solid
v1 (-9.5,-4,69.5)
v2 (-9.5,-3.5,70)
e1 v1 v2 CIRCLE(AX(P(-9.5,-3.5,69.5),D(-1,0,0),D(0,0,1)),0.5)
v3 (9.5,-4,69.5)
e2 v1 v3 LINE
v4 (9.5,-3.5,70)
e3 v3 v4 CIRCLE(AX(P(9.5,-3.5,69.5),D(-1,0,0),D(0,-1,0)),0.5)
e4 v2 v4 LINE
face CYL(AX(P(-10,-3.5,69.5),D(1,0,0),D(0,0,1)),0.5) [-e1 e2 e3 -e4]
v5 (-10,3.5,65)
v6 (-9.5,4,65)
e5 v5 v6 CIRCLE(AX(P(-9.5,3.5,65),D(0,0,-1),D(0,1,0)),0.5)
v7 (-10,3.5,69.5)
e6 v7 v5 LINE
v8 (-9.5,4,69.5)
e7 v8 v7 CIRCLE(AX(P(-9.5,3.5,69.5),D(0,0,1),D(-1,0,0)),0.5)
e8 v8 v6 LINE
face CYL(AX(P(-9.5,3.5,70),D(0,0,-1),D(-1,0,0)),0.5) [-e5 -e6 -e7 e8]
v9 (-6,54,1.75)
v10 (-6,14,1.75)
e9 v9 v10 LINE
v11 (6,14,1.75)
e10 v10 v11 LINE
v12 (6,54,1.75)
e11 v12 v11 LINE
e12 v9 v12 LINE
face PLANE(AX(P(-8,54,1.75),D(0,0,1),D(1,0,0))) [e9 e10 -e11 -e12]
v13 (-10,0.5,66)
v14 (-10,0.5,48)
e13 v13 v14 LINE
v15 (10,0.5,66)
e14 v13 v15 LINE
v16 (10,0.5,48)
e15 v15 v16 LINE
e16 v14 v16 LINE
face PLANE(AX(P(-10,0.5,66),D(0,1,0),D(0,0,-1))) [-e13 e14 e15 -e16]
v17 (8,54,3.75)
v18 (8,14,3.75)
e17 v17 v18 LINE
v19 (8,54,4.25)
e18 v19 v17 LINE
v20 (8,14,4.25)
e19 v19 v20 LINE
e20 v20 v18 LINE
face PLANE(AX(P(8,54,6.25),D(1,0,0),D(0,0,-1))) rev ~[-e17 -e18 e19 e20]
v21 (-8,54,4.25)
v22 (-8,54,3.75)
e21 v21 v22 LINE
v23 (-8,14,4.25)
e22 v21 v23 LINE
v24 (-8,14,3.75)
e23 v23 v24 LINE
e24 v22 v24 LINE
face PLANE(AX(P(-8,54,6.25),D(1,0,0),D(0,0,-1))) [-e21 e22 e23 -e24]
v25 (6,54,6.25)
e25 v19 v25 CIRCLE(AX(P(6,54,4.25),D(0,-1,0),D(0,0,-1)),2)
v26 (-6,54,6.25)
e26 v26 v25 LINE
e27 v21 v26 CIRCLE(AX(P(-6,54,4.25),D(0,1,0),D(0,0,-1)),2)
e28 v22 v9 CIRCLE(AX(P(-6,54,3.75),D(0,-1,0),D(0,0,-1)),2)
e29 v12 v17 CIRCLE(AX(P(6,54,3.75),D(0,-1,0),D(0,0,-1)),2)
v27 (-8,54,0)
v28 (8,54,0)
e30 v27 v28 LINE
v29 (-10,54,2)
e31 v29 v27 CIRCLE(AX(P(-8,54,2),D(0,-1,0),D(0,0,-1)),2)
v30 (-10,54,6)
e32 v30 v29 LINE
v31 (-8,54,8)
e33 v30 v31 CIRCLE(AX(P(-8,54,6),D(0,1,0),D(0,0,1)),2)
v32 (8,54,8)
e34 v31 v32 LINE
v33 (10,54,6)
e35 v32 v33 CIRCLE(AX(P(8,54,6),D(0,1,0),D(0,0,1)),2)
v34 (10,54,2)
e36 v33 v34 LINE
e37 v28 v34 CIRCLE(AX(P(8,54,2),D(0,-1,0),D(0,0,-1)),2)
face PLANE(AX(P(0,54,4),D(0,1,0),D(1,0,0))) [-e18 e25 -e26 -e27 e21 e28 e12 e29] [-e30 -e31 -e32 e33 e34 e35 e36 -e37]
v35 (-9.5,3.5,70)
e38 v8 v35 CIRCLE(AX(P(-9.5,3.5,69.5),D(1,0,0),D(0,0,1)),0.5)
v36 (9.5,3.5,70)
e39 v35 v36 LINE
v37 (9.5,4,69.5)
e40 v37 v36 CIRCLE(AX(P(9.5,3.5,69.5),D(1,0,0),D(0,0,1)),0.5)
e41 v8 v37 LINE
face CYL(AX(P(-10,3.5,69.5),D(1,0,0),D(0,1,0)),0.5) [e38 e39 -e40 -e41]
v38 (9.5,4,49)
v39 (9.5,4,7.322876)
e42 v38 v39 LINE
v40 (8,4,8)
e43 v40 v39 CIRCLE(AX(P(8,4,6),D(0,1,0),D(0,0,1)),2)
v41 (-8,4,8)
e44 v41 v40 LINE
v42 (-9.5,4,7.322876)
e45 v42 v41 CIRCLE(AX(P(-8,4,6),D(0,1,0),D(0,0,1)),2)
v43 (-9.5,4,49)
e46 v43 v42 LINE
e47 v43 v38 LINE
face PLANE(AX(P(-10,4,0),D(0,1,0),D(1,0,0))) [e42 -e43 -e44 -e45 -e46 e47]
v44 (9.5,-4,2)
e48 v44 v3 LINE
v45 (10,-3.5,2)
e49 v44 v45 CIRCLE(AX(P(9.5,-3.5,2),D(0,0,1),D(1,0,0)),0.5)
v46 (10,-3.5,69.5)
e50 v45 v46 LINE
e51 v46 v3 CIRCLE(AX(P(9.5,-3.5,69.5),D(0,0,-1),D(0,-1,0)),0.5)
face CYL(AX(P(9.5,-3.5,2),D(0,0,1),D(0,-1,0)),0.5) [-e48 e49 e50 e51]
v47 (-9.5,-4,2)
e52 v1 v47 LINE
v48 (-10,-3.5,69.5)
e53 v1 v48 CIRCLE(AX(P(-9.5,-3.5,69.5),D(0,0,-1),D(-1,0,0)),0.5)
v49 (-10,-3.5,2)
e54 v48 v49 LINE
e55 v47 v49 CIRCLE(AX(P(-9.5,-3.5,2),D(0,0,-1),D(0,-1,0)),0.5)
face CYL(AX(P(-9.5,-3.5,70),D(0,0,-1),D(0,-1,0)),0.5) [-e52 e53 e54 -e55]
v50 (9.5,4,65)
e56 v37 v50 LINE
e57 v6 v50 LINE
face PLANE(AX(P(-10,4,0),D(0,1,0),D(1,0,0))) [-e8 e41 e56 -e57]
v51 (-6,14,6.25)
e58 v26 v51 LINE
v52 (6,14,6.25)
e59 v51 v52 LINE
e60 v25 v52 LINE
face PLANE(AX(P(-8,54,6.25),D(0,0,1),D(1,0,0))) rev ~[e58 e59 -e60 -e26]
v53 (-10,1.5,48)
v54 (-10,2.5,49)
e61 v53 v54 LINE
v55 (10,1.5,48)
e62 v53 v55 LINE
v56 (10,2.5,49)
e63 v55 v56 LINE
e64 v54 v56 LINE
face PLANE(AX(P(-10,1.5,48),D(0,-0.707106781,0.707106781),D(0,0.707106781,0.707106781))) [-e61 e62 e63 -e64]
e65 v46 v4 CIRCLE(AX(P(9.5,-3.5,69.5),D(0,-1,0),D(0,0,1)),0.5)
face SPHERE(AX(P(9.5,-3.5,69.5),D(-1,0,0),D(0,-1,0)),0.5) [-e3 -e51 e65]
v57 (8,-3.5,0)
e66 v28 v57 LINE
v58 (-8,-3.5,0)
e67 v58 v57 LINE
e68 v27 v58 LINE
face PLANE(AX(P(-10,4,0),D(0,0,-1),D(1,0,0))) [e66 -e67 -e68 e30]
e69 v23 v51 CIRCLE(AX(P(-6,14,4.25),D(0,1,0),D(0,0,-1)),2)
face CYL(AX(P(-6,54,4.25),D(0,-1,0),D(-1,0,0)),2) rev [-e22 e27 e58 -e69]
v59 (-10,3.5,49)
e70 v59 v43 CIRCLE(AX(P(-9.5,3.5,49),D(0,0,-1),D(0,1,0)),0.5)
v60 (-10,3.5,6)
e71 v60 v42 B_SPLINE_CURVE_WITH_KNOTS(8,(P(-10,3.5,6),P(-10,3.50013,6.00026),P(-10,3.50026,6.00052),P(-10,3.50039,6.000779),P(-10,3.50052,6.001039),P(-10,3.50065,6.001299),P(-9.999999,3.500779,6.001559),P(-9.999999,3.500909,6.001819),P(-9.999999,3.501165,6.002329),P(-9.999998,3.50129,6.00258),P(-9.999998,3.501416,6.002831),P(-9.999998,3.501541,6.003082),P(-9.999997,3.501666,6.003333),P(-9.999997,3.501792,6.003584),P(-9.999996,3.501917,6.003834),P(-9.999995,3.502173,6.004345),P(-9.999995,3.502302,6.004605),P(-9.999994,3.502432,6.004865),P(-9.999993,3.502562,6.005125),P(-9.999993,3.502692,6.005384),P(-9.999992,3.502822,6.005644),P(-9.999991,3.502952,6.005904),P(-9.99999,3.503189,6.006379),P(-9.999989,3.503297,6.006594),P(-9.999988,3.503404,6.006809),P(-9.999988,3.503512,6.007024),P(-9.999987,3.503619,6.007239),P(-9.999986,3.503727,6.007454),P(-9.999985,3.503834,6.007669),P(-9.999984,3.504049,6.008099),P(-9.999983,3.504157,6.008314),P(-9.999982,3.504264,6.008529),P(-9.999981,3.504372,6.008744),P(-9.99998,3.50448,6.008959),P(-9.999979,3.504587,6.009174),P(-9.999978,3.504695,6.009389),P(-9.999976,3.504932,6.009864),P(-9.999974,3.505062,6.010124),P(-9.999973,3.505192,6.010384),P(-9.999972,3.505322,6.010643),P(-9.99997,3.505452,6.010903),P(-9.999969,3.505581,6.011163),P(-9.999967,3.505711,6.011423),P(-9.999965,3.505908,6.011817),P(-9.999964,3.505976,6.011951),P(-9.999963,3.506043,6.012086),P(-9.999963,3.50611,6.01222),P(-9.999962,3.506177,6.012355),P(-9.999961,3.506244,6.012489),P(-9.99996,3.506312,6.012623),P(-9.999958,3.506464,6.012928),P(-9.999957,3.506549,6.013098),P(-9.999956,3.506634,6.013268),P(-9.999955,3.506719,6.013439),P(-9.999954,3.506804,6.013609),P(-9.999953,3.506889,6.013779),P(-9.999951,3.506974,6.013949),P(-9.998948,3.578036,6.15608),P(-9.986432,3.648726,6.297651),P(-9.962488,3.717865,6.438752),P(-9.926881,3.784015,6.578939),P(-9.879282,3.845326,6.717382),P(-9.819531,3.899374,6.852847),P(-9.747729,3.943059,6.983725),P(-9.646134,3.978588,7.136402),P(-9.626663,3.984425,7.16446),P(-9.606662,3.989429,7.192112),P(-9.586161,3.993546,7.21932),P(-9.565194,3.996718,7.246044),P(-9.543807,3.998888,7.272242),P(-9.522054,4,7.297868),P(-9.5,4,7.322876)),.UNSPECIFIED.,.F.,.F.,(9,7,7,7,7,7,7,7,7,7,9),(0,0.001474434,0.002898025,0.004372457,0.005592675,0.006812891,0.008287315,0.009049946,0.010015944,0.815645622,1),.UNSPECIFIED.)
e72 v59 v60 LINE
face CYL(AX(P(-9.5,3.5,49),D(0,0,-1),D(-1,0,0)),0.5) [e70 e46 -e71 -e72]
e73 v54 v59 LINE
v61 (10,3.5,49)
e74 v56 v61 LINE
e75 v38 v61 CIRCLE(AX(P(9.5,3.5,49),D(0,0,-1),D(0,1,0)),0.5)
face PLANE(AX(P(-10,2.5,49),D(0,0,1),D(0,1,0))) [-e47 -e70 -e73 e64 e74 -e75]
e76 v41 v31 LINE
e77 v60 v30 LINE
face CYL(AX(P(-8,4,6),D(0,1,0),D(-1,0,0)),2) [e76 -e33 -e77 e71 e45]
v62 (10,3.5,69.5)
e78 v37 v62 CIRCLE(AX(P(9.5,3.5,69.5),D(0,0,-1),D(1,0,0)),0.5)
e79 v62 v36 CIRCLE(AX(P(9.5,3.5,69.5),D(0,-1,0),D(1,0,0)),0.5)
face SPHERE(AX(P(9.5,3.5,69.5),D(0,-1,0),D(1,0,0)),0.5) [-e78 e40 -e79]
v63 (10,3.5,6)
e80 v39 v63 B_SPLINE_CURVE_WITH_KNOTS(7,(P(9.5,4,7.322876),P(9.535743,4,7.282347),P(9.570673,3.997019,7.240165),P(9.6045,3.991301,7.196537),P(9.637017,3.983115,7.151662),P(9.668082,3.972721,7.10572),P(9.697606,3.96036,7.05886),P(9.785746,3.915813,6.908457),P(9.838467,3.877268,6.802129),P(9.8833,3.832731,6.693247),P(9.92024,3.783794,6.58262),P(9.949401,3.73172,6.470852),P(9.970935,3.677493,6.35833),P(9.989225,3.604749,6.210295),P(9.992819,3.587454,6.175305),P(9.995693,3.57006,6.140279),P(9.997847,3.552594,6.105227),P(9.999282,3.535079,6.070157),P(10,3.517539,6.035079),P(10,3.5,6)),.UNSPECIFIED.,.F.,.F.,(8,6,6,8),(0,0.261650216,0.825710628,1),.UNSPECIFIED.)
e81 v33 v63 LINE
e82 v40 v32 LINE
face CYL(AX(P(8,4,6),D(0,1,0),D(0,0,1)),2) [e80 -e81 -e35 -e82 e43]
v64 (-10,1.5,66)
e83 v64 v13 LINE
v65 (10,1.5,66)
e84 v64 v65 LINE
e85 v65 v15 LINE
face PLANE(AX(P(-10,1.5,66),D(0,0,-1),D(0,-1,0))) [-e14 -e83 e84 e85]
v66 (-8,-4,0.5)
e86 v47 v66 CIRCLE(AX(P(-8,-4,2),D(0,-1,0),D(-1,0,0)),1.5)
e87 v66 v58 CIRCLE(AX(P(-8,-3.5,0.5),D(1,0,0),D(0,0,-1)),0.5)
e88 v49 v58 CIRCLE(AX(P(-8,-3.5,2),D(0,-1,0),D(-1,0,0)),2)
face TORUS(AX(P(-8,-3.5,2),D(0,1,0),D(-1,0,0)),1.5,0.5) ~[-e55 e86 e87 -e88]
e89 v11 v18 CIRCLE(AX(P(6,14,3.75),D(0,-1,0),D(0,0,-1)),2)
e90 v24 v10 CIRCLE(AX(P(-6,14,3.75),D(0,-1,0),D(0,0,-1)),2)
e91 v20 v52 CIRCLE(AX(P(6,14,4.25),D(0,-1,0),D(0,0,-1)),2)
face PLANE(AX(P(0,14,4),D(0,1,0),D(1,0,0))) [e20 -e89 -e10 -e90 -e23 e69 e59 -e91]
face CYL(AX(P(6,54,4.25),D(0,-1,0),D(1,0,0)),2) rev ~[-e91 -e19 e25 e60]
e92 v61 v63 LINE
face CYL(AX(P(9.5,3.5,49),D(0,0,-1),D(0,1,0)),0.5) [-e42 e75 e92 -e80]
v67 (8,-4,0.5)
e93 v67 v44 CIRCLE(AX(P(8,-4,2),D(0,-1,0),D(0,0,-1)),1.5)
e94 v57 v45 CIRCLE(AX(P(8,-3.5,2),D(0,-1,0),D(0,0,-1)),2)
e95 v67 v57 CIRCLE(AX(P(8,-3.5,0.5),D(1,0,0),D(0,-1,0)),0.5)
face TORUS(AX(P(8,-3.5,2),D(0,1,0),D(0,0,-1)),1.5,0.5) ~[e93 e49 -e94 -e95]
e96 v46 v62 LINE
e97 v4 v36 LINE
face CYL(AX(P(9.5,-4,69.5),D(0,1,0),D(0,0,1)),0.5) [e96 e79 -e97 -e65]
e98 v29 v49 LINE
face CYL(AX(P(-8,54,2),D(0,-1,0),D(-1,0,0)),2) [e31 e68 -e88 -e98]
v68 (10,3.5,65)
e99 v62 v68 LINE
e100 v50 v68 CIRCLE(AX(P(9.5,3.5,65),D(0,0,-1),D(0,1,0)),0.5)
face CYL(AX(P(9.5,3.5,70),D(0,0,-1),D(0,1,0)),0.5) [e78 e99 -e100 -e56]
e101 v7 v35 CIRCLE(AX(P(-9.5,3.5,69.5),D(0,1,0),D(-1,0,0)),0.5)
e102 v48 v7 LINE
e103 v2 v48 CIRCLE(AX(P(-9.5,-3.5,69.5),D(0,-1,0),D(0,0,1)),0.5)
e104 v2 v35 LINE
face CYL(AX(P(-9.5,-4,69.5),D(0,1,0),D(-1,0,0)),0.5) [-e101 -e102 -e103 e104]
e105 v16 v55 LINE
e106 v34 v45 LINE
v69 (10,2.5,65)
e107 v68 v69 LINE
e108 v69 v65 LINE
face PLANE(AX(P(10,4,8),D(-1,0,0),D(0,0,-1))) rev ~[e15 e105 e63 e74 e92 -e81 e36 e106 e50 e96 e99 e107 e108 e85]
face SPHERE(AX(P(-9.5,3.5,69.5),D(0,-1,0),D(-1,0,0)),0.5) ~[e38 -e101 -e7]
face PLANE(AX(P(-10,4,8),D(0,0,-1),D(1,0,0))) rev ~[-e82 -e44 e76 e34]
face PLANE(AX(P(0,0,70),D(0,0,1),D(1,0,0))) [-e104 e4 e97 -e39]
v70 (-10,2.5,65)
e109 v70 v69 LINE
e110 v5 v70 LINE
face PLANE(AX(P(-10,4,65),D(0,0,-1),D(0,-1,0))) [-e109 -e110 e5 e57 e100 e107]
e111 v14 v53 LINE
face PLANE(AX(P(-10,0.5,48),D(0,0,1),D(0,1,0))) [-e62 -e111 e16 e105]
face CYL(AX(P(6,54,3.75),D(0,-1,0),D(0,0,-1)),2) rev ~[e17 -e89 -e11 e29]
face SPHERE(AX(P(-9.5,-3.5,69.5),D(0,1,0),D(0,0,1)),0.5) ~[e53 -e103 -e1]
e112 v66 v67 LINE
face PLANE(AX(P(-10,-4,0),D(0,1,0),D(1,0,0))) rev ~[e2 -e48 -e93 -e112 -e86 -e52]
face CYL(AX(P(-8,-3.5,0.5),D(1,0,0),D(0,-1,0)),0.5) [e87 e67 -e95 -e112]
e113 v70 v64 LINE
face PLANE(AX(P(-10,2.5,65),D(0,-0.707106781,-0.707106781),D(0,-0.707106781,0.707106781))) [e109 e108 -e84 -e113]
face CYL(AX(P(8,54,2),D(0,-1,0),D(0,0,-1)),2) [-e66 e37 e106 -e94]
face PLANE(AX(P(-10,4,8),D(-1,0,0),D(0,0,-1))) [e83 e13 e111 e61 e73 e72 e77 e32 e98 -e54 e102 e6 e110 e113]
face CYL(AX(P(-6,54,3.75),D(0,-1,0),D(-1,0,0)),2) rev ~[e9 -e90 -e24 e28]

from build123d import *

# Parameters (mm, degrees)
SKETCH1_W           = 20
SKETCH1_H           = 8
BOSS_EXTRUDE2_DEPTH = 70
SKETCH3_W           = 20
SKETCH3_H           = 8
BOSS_EXTRUDE3_DEPTH = 50
SKETCH4_W           = 16
SKETCH4_H           = 4.5
CUT_EXTRUDE2_DEPTH  = 40
FILLET1_R           = 2
CUT_EXTRUDE3_DEPTH  = 28
FILLET3_R           = 0.5
FILLET4_R           = 2


with BuildPart() as part:
    # Sketch1 → Boss-Extrude2 (new body)
    with BuildSketch(Plane.XY):
        Rectangle(SKETCH1_W, SKETCH1_H)
    extrude(amount=BOSS_EXTRUDE2_DEPTH)

    # Sketch3 → Boss-Extrude3 (add)
    with BuildSketch(Plane(origin=(0, 4, 0), x_dir=(1, 0, 0), z_dir=(0, 1, 0))):
        with Locations((0, -4)):
            Rectangle(SKETCH3_W, SKETCH3_H)
    extrude(amount=BOSS_EXTRUDE3_DEPTH)

    # Sketch4 → Cut-Extrude2 (cut)
    with BuildSketch(Plane(origin=(0, 54, 0), x_dir=(1, 0, 0), z_dir=(0, 1, 0))):
        with Locations((0, -4)):
            Rectangle(SKETCH4_W, SKETCH4_H)
    extrude(amount=-CUT_EXTRUDE2_DEPTH, mode=Mode.SUBTRACT)

    # Fillet1
    fillet1_edges = [part.edges().sort_by_distance(p)[0] for p in [
        (-10, 29, 8),
        (10, 29, 8),
        (-10, 25, 0),
        (10, 25, 0),
    ]]
    fillet(fillet1_edges, radius=FILLET1_R)

    # Sketch5 → Cut-Extrude3 (cut)
    with BuildSketch(Plane.ZY.offset(10)):
        Polygon((65, 4), (65, 2.5), (66, 1.5), (66, 0.5), (48, 0.5), (48, 1.5), (49, 2.5), (49, 4), align=None)
    extrude(amount=-CUT_EXTRUDE3_DEPTH, mode=Mode.SUBTRACT)

    # Fillet3
    fillet3_edges = [part.edges().sort_by_distance(p)[0] for p in [
        (-10, 0, 70),
        (0, -4, 70),
        (0, -4, 0),
        (-9.414213562, -4, 0.585786438),
        (10, 0, 70),
        (9.414213562, -4, 0.585786438),
        (10, -4, 36),
        (-10, 4, 27.5),
        (-10, -4, 36),
        (-10, 4, 67.5),
        (10, 4, 67.5),
        (10, 4, 27.5),
        (0, 4, 70),
    ]]
    fillet(fillet3_edges, radius=FILLET3_R)

    # Fillet4
    fillet4_edges = [part.edges().sort_by_distance(p)[0] for p in [
        (8, 34, 1.75),
        (8, 34, 6.25),
        (-8, 34, 6.25),
        (-8, 34, 1.75),
    ]]
    fillet(fillet4_edges, radius=FILLET4_R)


solid = part.part
